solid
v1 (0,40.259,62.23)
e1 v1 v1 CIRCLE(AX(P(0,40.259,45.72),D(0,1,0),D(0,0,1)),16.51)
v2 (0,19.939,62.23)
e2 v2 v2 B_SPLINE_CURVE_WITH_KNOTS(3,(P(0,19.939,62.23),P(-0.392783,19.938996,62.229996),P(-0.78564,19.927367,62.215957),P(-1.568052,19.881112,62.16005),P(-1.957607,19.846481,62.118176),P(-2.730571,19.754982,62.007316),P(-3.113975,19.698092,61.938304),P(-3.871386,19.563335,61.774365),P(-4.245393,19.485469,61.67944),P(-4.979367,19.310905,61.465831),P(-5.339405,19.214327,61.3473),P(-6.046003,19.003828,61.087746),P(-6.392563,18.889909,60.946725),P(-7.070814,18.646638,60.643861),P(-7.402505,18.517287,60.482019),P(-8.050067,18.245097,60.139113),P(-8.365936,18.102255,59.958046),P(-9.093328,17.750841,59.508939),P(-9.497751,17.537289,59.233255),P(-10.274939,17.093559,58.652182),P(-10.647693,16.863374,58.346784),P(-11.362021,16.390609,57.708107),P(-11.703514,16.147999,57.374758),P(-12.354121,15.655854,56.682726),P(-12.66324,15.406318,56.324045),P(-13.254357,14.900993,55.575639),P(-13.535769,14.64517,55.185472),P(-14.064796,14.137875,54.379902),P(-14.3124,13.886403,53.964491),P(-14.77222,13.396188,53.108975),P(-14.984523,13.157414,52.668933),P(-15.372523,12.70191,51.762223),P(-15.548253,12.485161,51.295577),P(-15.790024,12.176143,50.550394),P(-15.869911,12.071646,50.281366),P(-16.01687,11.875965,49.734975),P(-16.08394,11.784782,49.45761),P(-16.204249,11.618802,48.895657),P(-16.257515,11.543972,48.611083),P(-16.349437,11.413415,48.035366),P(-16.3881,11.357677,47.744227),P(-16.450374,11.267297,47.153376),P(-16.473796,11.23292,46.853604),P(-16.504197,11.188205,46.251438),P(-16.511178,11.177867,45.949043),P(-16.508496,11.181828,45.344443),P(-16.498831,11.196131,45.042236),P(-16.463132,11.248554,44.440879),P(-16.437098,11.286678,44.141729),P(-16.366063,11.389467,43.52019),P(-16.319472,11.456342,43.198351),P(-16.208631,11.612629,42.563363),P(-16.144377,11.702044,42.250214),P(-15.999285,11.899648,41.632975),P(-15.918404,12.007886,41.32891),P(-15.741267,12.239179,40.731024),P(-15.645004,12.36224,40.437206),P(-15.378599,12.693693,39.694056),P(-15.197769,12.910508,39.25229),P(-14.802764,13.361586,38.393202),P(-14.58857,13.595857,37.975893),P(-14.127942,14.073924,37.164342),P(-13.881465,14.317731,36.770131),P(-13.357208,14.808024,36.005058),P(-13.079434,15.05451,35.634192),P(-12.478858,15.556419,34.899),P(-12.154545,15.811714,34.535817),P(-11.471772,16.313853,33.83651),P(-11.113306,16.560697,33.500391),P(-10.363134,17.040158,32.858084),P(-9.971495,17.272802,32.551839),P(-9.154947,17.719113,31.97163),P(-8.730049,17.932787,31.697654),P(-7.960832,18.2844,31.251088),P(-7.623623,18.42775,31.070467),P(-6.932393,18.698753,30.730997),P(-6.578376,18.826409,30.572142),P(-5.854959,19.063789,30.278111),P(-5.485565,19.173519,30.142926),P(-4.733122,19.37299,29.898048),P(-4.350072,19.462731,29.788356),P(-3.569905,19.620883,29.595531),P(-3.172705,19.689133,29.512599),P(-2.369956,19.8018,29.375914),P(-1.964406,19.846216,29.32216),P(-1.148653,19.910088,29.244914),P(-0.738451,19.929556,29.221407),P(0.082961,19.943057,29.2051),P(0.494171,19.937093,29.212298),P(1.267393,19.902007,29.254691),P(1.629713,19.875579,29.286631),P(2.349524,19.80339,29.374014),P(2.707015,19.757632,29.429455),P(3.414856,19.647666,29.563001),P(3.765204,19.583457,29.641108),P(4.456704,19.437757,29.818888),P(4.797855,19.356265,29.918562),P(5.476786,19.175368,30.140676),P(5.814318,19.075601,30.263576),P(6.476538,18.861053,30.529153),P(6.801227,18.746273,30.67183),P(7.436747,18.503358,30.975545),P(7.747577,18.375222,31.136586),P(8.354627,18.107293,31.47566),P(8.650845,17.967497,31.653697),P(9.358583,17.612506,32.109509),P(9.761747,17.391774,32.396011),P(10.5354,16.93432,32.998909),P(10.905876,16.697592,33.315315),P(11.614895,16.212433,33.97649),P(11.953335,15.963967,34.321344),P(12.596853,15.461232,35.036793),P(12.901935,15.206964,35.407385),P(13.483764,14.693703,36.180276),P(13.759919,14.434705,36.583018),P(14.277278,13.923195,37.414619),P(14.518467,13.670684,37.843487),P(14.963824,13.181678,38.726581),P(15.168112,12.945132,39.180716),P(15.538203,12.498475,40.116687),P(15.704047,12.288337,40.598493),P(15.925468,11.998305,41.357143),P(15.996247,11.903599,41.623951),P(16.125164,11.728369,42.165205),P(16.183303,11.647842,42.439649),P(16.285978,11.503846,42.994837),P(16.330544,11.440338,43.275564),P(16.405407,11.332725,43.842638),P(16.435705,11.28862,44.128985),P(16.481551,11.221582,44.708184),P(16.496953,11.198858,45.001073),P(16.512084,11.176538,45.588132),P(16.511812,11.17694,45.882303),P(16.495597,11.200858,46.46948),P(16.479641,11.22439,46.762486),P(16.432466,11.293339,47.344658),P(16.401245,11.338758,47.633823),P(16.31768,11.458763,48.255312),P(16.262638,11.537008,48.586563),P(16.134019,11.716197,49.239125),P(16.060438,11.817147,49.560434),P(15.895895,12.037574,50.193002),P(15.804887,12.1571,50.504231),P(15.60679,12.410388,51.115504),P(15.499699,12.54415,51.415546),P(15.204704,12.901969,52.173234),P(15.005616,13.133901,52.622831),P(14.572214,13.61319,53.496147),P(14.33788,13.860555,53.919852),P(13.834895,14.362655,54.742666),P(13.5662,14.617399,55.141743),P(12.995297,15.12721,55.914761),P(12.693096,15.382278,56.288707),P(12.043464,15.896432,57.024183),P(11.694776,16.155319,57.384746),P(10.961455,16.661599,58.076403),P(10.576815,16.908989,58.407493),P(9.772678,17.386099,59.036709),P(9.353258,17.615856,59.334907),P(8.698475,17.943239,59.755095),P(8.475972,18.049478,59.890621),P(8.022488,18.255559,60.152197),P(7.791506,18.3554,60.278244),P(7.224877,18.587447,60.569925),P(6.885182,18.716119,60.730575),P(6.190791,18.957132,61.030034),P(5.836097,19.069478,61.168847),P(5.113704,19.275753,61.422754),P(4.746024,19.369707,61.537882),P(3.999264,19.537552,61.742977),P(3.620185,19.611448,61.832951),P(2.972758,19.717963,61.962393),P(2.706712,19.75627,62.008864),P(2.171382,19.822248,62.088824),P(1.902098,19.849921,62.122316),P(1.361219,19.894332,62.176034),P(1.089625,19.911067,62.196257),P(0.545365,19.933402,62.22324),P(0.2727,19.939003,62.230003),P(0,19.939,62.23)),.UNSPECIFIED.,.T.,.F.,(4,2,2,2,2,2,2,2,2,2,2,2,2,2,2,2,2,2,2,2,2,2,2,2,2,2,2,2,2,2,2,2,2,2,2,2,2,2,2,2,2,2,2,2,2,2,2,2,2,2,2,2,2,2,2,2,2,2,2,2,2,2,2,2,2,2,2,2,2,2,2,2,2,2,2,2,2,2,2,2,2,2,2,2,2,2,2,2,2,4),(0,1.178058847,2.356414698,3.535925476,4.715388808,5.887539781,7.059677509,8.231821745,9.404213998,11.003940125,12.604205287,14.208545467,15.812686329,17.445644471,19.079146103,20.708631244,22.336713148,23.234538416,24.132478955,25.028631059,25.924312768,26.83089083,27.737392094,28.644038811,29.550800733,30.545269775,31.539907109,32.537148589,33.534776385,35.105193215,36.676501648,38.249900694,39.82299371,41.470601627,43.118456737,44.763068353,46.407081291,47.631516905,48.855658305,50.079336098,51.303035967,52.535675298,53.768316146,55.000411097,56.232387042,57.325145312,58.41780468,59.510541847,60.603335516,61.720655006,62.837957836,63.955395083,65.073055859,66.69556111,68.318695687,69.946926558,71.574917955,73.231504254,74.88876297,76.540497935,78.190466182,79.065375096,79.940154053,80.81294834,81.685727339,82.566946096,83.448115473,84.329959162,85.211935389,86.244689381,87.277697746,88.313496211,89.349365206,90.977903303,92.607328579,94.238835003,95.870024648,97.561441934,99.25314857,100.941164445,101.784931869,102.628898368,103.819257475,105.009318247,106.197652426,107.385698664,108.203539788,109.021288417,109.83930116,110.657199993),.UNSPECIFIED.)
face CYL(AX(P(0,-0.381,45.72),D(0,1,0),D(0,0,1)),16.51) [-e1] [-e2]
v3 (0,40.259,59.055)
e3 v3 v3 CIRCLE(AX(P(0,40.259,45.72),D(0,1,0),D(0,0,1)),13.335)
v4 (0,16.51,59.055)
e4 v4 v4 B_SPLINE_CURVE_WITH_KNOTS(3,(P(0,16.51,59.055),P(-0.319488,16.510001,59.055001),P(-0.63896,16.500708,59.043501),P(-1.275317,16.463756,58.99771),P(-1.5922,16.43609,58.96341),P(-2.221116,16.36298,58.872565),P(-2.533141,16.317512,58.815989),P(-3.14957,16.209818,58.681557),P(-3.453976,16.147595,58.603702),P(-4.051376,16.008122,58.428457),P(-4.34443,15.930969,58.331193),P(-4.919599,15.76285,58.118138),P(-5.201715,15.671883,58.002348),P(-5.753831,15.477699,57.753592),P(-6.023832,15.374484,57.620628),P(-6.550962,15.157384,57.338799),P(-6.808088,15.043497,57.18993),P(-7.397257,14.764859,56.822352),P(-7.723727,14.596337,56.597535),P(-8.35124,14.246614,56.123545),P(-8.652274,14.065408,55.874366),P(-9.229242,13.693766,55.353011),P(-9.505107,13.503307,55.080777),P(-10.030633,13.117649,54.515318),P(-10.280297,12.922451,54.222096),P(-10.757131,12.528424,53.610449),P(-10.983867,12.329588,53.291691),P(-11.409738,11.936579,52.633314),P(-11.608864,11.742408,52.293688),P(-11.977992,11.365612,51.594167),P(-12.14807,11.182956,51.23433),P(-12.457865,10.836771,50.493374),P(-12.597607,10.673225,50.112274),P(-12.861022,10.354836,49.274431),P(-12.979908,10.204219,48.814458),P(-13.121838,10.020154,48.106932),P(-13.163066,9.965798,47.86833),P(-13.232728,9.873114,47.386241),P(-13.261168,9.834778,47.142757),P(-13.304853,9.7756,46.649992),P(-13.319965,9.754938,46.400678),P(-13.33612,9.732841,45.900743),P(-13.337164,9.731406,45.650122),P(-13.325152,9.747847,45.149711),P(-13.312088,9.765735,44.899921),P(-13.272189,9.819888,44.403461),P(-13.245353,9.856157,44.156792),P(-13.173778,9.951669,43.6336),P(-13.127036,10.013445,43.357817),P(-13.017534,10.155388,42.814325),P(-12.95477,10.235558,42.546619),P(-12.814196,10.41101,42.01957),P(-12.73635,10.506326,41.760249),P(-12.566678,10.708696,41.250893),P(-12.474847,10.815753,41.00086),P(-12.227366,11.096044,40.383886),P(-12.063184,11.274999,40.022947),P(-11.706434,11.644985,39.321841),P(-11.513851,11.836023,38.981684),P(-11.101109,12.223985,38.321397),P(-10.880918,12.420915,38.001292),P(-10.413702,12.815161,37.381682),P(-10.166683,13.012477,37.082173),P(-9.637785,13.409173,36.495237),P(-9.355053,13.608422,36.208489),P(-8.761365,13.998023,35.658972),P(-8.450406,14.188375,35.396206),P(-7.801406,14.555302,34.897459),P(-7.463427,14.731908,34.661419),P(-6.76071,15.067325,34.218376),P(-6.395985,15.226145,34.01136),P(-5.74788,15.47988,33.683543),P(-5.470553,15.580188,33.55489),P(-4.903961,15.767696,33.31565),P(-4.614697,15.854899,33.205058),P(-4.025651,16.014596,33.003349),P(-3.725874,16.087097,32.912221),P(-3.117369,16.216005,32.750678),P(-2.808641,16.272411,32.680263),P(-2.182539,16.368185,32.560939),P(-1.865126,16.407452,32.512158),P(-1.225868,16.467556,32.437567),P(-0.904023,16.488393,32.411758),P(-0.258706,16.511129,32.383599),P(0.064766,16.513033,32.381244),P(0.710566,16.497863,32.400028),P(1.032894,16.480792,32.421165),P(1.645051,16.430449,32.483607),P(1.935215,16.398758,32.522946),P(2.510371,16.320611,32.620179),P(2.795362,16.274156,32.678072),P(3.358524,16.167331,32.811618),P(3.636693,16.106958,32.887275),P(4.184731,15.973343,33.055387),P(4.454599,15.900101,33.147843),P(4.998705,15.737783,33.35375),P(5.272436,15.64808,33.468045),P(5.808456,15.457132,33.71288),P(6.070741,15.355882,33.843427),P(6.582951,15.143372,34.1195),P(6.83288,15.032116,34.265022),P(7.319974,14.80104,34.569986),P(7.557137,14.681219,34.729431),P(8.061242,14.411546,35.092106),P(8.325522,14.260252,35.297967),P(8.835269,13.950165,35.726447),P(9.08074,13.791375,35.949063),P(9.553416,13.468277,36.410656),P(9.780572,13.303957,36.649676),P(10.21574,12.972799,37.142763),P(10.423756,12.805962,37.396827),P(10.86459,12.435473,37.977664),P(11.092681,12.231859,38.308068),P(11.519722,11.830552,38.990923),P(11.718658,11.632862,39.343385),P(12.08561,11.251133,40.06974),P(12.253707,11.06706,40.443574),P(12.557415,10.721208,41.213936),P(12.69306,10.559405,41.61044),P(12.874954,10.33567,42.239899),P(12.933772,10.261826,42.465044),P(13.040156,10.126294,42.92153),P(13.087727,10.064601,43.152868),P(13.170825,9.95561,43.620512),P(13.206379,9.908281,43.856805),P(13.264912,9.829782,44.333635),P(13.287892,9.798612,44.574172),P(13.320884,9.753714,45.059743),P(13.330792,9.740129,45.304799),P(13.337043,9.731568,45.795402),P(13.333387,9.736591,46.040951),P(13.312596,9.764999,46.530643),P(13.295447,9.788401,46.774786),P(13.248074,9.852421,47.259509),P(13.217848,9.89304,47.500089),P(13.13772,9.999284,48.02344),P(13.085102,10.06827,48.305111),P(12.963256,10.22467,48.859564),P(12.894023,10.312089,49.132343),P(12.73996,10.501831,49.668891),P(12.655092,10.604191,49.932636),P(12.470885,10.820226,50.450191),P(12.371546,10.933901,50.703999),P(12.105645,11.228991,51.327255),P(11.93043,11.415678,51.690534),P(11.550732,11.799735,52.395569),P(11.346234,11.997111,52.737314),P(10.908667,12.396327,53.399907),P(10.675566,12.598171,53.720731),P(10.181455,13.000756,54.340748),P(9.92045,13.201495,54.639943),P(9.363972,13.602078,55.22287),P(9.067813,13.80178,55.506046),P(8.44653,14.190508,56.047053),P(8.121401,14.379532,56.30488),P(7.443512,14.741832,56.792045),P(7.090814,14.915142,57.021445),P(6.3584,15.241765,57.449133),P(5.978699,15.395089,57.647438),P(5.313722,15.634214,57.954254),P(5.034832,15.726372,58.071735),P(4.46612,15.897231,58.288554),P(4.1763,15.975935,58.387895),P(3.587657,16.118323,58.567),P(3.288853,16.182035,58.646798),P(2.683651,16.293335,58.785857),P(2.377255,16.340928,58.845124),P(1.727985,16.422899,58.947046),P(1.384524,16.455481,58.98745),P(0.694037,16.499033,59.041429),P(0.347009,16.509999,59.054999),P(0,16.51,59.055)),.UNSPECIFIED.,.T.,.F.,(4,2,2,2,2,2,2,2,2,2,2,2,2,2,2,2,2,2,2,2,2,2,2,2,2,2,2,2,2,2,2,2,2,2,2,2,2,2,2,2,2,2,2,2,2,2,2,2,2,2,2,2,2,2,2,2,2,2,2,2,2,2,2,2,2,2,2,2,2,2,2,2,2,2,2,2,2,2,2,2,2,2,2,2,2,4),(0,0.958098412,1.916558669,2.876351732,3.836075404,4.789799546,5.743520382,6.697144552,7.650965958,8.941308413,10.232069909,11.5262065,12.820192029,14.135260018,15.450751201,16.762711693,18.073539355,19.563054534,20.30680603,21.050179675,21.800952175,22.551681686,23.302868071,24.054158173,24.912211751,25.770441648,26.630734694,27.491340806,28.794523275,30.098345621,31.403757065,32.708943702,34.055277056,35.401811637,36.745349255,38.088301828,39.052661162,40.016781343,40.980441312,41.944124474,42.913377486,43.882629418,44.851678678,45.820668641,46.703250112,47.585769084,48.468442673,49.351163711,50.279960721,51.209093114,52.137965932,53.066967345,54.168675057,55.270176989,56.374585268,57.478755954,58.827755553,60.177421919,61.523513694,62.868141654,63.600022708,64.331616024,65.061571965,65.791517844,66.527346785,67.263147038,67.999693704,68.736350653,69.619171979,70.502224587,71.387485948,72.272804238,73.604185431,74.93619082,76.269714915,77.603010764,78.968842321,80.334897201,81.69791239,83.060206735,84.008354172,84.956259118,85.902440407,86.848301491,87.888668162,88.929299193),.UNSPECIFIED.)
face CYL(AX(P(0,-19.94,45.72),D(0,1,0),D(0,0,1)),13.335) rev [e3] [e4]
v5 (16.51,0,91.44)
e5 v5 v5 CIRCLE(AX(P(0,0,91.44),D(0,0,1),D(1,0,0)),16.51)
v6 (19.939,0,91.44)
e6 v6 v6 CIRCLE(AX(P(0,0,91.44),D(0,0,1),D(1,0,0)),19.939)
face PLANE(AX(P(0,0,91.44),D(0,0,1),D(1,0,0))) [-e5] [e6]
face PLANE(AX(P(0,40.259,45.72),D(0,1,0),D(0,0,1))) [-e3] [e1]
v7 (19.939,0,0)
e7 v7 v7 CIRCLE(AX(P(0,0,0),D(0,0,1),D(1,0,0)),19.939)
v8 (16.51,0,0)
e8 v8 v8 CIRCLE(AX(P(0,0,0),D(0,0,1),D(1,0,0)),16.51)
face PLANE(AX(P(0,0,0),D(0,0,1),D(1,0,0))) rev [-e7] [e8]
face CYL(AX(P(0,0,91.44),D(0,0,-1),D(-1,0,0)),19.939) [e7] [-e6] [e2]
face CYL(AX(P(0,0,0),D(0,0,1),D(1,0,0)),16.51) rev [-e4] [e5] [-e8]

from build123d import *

# Parameters (mm, degrees)
SKETCH1_R                = 19.939
BOSS_EXTRUDE1_DEPTH      = 91.44
BOSS_EXTRUDE2_DEPTH      = 20.32
BOSS_EXTRUDE2_DEPTH_BACK = 20.32
SKETCH3_R                = 16.51
SKETCH4_R                = 16.51
CUT_EXTRUDE1_DEPTH       = 102.880441814
CUT_EXTRUDE2_REACH       = 113.277
CUT_EXTRUDE2_END_RADIUS  = 16.51
SKETCH5_R                = 13.335


with BuildPart() as part:
    # Sketch1 → Boss-Extrude1 (new body)
    with BuildSketch(Plane.XY):
        Circle(SKETCH1_R)
    extrude(amount=BOSS_EXTRUDE1_DEPTH)

    # Sketch3 → Boss-Extrude2 (add, two sides: drawn at the far end of the back side and taken through both)
    with BuildSketch(Plane(origin=(0, 19.939, 0), x_dir=(1, 0, 0), z_dir=(0, 1, 0)).offset(-BOSS_EXTRUDE2_DEPTH_BACK)):
        with Locations(Location((0, -45.72, 0), (0, 0, 270))):
            Circle(SKETCH3_R)
    extrude(amount=BOSS_EXTRUDE2_DEPTH + BOSS_EXTRUDE2_DEPTH_BACK)

    # Sketch4 → Cut-Extrude1 (cut, through all)
    with BuildSketch(Plane.XY.offset(91.44)):
        Circle(SKETCH4_R)
    extrude(amount=-CUT_EXTRUDE1_DEPTH, mode=Mode.SUBTRACT)

    # Cut-Extrude2: up to this cylinder (the profile starts outside it)
    cut_extrude2_end = Plane(origin=(0, 0, 45.72), z_dir=(0, 0, 1)) * Cylinder(CUT_EXTRUDE2_END_RADIUS, 260.574, mode=Mode.PRIVATE)
    # Sketch5 → Cut-Extrude2 (cut, up to the surface)
    with BuildSketch(Plane(origin=(0, 40.259, 0), x_dir=(1, 0, 0), z_dir=(0, 1, 0)), mode=Mode.PRIVATE) as cut_extrude2_sk1:
        with Locations(Location((0, -45.72, 0), (0, 0, 270))):
            Circle(SKETCH5_R)
    cut_extrude2_tool1 = extrude(cut_extrude2_sk1.sketch, amount=-CUT_EXTRUDE2_REACH, mode=Mode.PRIVATE) - cut_extrude2_end
    add(cut_extrude2_tool1.solids().sort_by_distance((0, 40.259, 45.72))[0], mode=Mode.SUBTRACT)


solid = part.part
